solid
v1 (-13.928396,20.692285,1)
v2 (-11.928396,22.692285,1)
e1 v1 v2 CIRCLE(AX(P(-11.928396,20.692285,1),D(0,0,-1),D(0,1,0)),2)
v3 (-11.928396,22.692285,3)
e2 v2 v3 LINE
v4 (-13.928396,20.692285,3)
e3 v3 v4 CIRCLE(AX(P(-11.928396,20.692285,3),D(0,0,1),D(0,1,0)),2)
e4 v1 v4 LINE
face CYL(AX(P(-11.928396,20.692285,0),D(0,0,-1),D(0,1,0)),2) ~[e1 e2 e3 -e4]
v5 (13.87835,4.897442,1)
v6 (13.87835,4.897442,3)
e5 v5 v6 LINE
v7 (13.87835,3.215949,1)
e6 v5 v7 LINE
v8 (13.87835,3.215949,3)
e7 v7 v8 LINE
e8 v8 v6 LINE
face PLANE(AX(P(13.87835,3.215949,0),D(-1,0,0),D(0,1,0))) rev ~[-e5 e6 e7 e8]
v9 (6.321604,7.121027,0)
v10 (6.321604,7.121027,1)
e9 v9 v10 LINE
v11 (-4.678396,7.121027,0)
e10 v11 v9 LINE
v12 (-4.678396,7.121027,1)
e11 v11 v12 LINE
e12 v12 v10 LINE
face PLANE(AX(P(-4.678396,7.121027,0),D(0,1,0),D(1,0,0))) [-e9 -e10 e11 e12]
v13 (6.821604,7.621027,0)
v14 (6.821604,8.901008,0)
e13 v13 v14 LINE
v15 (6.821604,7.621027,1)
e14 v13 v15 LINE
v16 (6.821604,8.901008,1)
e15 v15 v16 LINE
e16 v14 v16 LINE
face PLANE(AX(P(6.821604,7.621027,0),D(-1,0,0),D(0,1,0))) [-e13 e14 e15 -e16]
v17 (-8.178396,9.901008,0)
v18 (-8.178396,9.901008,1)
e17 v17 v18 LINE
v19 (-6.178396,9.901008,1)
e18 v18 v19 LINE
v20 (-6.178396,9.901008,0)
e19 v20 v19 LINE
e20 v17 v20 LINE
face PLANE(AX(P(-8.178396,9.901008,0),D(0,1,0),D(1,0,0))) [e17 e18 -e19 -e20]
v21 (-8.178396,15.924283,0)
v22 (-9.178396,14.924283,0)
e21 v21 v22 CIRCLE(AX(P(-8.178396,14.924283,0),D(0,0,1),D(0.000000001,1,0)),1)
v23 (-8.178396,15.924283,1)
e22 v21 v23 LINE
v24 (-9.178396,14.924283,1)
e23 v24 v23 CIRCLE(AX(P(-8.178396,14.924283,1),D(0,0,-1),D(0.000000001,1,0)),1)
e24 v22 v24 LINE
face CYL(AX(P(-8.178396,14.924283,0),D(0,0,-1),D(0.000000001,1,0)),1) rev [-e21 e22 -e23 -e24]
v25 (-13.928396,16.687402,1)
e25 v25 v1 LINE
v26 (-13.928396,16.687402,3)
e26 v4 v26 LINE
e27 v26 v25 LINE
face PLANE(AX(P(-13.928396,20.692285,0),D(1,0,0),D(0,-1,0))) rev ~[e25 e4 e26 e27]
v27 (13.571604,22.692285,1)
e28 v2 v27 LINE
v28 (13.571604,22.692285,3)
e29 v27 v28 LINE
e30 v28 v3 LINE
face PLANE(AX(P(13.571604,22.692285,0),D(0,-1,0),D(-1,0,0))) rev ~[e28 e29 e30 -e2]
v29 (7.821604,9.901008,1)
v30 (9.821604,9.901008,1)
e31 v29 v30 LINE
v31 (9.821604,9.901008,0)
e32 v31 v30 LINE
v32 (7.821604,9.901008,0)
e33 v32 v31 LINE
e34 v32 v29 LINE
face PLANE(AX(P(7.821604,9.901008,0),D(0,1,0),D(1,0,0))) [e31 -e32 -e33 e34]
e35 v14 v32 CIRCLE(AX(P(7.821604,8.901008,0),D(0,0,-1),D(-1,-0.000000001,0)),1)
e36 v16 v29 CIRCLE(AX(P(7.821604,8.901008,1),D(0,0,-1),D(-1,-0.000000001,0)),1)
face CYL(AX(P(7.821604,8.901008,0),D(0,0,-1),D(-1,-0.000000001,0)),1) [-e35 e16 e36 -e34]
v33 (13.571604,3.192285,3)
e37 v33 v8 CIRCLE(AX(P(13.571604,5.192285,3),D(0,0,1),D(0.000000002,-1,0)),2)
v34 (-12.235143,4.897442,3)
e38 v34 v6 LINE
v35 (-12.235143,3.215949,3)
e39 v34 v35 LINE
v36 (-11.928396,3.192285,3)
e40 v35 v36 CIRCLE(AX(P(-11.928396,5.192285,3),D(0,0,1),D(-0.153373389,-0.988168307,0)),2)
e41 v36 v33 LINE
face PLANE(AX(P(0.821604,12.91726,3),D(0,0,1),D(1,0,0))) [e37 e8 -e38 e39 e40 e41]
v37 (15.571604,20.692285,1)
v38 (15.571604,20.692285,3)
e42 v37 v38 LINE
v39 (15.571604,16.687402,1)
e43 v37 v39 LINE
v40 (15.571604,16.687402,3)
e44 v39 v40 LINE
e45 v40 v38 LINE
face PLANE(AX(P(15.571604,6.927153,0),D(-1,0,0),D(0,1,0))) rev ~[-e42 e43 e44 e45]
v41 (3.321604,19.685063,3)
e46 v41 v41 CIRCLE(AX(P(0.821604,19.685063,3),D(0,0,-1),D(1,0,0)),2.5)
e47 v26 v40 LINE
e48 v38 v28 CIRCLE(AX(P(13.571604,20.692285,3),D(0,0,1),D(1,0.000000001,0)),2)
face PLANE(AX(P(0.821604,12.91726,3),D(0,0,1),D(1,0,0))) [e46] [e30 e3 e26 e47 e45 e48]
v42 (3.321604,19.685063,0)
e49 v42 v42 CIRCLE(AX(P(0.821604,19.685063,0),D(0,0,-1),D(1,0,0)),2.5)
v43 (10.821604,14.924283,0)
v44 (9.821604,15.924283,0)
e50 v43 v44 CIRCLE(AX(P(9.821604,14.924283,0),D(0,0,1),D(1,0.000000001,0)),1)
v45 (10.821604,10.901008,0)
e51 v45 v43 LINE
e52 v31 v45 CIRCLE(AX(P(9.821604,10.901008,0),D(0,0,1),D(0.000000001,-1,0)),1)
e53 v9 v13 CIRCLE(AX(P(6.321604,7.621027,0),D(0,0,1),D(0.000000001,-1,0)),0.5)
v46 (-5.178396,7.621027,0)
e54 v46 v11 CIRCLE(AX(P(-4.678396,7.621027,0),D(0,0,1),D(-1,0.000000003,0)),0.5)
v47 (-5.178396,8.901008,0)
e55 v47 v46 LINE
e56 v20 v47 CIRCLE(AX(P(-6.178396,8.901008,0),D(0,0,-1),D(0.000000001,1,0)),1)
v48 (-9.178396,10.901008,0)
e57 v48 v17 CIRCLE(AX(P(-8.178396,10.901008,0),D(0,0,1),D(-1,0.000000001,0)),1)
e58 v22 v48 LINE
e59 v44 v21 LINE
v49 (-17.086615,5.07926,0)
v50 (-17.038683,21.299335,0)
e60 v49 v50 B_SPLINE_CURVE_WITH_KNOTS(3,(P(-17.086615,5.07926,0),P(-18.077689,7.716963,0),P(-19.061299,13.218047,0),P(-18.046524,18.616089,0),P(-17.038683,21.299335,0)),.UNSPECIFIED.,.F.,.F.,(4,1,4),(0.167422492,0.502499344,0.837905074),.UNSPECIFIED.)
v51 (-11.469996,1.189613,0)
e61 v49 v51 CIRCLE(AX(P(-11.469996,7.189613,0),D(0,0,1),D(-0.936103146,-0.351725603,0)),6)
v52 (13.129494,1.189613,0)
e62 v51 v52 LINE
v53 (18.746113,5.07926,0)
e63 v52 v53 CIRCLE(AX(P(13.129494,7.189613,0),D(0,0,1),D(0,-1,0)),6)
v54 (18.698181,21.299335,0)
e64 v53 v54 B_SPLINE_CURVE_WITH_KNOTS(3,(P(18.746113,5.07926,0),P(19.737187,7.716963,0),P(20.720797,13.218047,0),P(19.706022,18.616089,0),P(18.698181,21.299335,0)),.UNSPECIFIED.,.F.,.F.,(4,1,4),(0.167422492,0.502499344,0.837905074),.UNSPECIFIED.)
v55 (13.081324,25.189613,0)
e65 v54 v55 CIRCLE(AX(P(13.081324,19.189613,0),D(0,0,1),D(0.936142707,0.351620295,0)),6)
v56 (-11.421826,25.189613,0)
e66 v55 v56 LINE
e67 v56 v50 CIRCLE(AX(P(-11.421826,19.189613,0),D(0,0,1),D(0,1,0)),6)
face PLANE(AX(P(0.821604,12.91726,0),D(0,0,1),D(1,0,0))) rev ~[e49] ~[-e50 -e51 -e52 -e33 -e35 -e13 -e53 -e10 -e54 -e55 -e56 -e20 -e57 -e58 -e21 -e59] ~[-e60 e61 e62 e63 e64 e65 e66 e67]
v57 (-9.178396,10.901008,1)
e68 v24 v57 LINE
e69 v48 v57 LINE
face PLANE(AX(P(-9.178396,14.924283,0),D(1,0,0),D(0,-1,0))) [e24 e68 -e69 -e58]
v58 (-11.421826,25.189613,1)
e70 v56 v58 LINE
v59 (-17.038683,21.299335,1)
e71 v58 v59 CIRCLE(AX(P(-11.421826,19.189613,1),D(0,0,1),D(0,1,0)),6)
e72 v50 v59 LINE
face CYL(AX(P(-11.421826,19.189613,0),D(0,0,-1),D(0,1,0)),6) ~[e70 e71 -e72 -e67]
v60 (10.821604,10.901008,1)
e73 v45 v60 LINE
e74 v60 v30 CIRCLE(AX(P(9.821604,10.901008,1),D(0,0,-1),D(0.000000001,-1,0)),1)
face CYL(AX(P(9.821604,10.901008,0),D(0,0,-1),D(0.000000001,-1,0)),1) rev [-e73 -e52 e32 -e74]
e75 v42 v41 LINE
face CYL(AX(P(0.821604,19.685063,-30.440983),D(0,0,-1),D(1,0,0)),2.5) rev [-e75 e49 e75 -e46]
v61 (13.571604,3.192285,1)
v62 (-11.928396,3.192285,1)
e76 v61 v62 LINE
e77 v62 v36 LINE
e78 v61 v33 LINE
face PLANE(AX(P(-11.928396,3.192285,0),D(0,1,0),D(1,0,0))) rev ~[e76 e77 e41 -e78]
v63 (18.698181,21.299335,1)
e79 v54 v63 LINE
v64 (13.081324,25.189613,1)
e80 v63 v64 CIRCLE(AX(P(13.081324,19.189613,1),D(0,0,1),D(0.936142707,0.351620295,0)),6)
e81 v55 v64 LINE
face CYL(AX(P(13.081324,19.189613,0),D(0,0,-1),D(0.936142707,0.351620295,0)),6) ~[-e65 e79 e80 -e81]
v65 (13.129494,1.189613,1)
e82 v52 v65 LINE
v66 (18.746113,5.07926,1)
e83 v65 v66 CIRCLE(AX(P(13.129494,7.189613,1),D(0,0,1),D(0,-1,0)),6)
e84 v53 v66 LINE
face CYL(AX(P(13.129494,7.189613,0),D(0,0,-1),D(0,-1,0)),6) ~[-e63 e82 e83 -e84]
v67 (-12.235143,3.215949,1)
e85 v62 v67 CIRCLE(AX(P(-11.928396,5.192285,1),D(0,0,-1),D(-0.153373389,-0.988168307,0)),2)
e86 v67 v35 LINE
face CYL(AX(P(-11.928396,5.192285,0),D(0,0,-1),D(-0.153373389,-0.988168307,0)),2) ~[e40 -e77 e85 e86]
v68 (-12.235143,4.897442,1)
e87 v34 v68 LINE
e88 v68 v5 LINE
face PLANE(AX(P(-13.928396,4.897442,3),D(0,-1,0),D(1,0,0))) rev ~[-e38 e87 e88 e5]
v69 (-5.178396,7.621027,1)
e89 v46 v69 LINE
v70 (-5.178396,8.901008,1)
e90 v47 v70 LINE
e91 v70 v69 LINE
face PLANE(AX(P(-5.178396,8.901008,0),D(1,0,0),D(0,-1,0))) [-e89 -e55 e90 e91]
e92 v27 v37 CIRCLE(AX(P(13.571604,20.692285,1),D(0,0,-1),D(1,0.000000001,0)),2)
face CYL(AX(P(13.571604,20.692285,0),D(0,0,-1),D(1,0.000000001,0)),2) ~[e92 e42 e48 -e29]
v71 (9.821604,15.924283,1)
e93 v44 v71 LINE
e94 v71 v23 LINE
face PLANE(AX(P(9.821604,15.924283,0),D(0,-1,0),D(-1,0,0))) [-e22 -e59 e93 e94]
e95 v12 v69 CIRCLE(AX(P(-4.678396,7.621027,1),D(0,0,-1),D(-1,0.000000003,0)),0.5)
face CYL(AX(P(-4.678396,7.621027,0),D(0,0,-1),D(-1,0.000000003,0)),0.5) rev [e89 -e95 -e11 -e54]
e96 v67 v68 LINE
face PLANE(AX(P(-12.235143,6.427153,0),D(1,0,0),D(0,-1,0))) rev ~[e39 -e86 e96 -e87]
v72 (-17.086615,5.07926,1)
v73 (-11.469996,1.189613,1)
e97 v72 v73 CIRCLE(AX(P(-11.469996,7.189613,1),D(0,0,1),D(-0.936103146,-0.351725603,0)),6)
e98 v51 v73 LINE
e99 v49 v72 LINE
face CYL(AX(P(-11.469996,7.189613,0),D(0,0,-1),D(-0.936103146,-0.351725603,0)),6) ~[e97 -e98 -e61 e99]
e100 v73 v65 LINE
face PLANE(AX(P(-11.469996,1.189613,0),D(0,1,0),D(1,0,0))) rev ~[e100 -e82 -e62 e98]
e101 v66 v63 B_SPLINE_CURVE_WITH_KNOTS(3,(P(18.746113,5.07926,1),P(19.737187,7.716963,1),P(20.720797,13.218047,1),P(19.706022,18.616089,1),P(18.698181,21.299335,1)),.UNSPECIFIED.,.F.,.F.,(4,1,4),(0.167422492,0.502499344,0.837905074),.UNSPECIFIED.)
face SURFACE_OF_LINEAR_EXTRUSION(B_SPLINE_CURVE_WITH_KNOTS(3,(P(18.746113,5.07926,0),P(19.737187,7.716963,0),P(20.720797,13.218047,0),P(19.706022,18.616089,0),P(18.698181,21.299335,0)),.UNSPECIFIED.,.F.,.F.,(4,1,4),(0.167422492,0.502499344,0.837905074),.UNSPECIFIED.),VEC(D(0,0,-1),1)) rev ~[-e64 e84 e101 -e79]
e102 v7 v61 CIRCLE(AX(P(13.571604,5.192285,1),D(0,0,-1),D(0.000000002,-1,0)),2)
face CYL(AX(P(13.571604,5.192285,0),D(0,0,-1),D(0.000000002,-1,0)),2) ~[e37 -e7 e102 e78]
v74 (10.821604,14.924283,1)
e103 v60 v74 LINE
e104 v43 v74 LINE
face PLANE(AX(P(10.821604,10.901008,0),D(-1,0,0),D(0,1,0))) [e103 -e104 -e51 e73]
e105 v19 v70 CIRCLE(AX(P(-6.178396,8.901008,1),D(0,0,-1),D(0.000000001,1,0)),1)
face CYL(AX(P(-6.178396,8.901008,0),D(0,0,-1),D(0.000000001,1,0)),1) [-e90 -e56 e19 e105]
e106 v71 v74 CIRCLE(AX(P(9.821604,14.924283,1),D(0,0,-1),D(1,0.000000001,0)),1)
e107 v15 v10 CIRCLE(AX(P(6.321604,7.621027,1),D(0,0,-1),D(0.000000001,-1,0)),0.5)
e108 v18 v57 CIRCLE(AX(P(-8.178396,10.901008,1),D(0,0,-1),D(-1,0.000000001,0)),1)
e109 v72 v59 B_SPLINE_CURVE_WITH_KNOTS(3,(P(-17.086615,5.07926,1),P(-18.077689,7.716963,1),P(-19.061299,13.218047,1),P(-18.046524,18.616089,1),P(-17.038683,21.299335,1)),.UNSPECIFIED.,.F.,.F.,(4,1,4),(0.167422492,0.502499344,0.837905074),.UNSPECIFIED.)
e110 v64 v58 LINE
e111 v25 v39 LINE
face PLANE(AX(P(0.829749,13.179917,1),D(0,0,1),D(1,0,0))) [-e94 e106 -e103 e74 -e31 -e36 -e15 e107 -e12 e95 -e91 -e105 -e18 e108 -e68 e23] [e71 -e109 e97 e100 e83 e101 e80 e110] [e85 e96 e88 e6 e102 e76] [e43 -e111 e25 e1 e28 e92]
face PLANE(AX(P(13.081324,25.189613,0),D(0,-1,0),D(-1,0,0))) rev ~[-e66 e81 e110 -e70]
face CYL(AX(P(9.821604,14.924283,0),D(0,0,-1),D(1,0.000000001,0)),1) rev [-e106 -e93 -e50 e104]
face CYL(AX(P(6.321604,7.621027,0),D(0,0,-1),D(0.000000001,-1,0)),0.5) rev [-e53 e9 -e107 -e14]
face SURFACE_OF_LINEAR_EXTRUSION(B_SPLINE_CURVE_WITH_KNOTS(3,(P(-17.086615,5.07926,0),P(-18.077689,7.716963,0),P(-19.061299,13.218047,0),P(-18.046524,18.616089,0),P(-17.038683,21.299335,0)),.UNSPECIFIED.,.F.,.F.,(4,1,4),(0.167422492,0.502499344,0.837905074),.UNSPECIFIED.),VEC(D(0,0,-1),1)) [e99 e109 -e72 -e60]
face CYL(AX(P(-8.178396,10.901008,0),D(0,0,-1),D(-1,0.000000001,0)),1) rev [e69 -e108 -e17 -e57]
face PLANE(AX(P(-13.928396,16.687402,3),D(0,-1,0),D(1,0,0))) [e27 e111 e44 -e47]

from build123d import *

# Parameters (mm, degrees)
BOSS_EXTRUDE1_DEPTH     = 1
BOSS_EXTRUDE2_DEPTH     = 3
CUT_EXTRUDE3_DEPTH      = 3
SKETCH7_W               = 29.714207492
SKETCH7_H               = 11.789960261
CUT_EXTRUDE4_DEPTH      = 2
CUT_EXTRUDE5_DEPTH      = 33.440982602
CUT_EXTRUDE5_DEPTH_BACK = 33.440982602
SKETCH6_R               = 2.5


with BuildPart() as part:
    # Sketch4 → Boss-Extrude1 (new body)
    with BuildSketch(Plane.XY):
        with BuildLine():
            Line((-11.46999612, 1.189613235), (13.12949411, 1.189613235))
            ThreePointArc((13.12949411, 1.189613235), (16.545477006, 2.256960718), (18.746112986, 5.079259617))
            add(Edge.make_bspline(
                [(18.746112986, 5.079259617), (19.737187318, 7.716962964), (20.720796973, 13.218046534), (19.706022352, 18.616089167), (18.698180615, 21.299335004)],
                knots=[0.167422492, 0.167422492, 0.167422492, 0.167422492, 0.502499344, 0.837905074, 0.837905074, 0.837905074, 0.837905074], degree=3))
            ThreePointArc((18.698180615, 21.299335004), (16.497584709, 24.122073606), (13.081324372, 25.189613235))
            Line((13.081324372, 25.189613235), (-11.421826382, 25.189613235))
            ThreePointArc((-11.421826382, 25.189613235), (-14.838086719, 24.122073606), (-17.038682625, 21.299335004))
            add(Edge.make_bspline(
                [(-17.086614996, 5.079259617), (-18.077689328, 7.716962964), (-19.061298983, 13.218046534), (-18.046524362, 18.616089167), (-17.038682625, 21.299335004)],
                knots=[0.167422492, 0.167422492, 0.167422492, 0.167422492, 0.502499344, 0.837905074, 0.837905074, 0.837905074, 0.837905074], degree=3))
            ThreePointArc((-17.086614996, 5.079259617), (-14.885979016, 2.256960718), (-11.46999612, 1.189613235))
        make_face()
    extrude(amount=BOSS_EXTRUDE1_DEPTH)

    # Sketch1 → Boss-Extrude2 (add)
    with BuildSketch(Plane.XY):
        with BuildLine():
            Line((-11.928396375, 3.192285122), (13.571603625, 3.192285122))
            ThreePointArc((13.571603625, 3.192285122), (13.725432705, 3.198209744), (13.878350405, 3.215948508))
            Line((13.878350405, 3.215948508), (13.878350405, 6.42715263))
            ThreePointArc((13.878350405, 6.42715263), (14.024797015, 6.780706021), (14.378350405, 6.92715263))
            Line((14.378350405, 6.92715263), (15.571603625, 6.92715263))
            Line((15.571603625, 6.92715263), (15.571603625, 20.692285122))
            ThreePointArc((15.571603625, 20.692285122), (14.985817187, 22.106498684), (13.571603625, 22.692285122))
            Line((13.571603625, 22.692285122), (-11.928396375, 22.692285122))
            ThreePointArc((-11.928396375, 22.692285122), (-13.342609938, 22.106498684), (-13.928396375, 20.692285122))
            Line((-13.928396375, 20.692285122), (-13.928396375, 6.92715263))
            Line((-13.928396375, 6.92715263), (-12.735143156, 6.92715263))
            ThreePointArc((-12.735143156, 6.92715263), (-12.381589765, 6.780706021), (-12.235143156, 6.42715263))
            Line((-12.235143156, 6.42715263), (-12.235143156, 3.215948508))
            ThreePointArc((-12.235143156, 3.215948508), (-12.082225455, 3.198209744), (-11.928396375, 3.192285122))
        make_face()
    extrude(amount=BOSS_EXTRUDE2_DEPTH)

    # Sketch2 → Cut-Extrude3 (cut)
    with BuildSketch(Plane.XY):
        with BuildLine():
            Line((-4.678396375, 7.121027254), (6.321603625, 7.121027254))
            ThreePointArc((6.321603625, 7.121027254), (6.675157015, 7.267473863), (6.821603625, 7.621027254))
            Line((6.821603625, 7.621027254), (6.821603625, 8.901007801))
            ThreePointArc((6.821603625, 8.901007801), (7.114496843, 9.608114582), (7.821603625, 9.901007801))
            Line((7.821603625, 9.901007801), (9.821603625, 9.901007801))
            ThreePointArc((9.821603625, 9.901007801), (10.528710406, 10.19390102), (10.821603625, 10.901007801))
            Line((10.821603625, 10.901007801), (10.821603625, 14.92428318))
            ThreePointArc((10.821603625, 14.92428318), (10.528710406, 15.631389961), (9.821603625, 15.92428318))
            Line((9.821603625, 15.92428318), (-8.178396375, 15.92428318))
            ThreePointArc((-8.178396375, 15.92428318), (-8.885503157, 15.631389961), (-9.178396375, 14.92428318))
            Line((-9.178396375, 14.92428318), (-9.178396375, 10.901007801))
            ThreePointArc((-9.178396375, 10.901007801), (-8.885503157, 10.19390102), (-8.178396375, 9.901007801))
            Line((-8.178396375, 9.901007801), (-6.178396375, 9.901007801))
            ThreePointArc((-6.178396375, 9.901007801), (-5.471289594, 9.608114582), (-5.178396375, 8.901007801))
            Line((-5.178396375, 8.901007801), (-5.178396375, 7.621027254))
            ThreePointArc((-5.178396375, 7.621027254), (-5.031949766, 7.267473863), (-4.678396375, 7.121027254))
        make_face()
    extrude(amount=CUT_EXTRUDE3_DEPTH, mode=Mode.SUBTRACT)

    # Sketch7 → Cut-Extrude4 (cut)
    with BuildSketch(Plane.XY.offset(3)):
        with Locations((0.928707371, 10.792421827)):
            Rectangle(SKETCH7_W, SKETCH7_H)
    extrude(amount=-CUT_EXTRUDE4_DEPTH, mode=Mode.SUBTRACT)

    # Sketch6 → Cut-Extrude5 (cut, two sides: drawn at the far end of the back side and taken through both)
    with BuildSketch(Plane.XY.offset(3).offset(-CUT_EXTRUDE5_DEPTH_BACK)):
        with Locations((0.821603625, 19.685063144)):
            Circle(SKETCH6_R)
    extrude(amount=CUT_EXTRUDE5_DEPTH + CUT_EXTRUDE5_DEPTH_BACK, mode=Mode.SUBTRACT)


solid = part.part
